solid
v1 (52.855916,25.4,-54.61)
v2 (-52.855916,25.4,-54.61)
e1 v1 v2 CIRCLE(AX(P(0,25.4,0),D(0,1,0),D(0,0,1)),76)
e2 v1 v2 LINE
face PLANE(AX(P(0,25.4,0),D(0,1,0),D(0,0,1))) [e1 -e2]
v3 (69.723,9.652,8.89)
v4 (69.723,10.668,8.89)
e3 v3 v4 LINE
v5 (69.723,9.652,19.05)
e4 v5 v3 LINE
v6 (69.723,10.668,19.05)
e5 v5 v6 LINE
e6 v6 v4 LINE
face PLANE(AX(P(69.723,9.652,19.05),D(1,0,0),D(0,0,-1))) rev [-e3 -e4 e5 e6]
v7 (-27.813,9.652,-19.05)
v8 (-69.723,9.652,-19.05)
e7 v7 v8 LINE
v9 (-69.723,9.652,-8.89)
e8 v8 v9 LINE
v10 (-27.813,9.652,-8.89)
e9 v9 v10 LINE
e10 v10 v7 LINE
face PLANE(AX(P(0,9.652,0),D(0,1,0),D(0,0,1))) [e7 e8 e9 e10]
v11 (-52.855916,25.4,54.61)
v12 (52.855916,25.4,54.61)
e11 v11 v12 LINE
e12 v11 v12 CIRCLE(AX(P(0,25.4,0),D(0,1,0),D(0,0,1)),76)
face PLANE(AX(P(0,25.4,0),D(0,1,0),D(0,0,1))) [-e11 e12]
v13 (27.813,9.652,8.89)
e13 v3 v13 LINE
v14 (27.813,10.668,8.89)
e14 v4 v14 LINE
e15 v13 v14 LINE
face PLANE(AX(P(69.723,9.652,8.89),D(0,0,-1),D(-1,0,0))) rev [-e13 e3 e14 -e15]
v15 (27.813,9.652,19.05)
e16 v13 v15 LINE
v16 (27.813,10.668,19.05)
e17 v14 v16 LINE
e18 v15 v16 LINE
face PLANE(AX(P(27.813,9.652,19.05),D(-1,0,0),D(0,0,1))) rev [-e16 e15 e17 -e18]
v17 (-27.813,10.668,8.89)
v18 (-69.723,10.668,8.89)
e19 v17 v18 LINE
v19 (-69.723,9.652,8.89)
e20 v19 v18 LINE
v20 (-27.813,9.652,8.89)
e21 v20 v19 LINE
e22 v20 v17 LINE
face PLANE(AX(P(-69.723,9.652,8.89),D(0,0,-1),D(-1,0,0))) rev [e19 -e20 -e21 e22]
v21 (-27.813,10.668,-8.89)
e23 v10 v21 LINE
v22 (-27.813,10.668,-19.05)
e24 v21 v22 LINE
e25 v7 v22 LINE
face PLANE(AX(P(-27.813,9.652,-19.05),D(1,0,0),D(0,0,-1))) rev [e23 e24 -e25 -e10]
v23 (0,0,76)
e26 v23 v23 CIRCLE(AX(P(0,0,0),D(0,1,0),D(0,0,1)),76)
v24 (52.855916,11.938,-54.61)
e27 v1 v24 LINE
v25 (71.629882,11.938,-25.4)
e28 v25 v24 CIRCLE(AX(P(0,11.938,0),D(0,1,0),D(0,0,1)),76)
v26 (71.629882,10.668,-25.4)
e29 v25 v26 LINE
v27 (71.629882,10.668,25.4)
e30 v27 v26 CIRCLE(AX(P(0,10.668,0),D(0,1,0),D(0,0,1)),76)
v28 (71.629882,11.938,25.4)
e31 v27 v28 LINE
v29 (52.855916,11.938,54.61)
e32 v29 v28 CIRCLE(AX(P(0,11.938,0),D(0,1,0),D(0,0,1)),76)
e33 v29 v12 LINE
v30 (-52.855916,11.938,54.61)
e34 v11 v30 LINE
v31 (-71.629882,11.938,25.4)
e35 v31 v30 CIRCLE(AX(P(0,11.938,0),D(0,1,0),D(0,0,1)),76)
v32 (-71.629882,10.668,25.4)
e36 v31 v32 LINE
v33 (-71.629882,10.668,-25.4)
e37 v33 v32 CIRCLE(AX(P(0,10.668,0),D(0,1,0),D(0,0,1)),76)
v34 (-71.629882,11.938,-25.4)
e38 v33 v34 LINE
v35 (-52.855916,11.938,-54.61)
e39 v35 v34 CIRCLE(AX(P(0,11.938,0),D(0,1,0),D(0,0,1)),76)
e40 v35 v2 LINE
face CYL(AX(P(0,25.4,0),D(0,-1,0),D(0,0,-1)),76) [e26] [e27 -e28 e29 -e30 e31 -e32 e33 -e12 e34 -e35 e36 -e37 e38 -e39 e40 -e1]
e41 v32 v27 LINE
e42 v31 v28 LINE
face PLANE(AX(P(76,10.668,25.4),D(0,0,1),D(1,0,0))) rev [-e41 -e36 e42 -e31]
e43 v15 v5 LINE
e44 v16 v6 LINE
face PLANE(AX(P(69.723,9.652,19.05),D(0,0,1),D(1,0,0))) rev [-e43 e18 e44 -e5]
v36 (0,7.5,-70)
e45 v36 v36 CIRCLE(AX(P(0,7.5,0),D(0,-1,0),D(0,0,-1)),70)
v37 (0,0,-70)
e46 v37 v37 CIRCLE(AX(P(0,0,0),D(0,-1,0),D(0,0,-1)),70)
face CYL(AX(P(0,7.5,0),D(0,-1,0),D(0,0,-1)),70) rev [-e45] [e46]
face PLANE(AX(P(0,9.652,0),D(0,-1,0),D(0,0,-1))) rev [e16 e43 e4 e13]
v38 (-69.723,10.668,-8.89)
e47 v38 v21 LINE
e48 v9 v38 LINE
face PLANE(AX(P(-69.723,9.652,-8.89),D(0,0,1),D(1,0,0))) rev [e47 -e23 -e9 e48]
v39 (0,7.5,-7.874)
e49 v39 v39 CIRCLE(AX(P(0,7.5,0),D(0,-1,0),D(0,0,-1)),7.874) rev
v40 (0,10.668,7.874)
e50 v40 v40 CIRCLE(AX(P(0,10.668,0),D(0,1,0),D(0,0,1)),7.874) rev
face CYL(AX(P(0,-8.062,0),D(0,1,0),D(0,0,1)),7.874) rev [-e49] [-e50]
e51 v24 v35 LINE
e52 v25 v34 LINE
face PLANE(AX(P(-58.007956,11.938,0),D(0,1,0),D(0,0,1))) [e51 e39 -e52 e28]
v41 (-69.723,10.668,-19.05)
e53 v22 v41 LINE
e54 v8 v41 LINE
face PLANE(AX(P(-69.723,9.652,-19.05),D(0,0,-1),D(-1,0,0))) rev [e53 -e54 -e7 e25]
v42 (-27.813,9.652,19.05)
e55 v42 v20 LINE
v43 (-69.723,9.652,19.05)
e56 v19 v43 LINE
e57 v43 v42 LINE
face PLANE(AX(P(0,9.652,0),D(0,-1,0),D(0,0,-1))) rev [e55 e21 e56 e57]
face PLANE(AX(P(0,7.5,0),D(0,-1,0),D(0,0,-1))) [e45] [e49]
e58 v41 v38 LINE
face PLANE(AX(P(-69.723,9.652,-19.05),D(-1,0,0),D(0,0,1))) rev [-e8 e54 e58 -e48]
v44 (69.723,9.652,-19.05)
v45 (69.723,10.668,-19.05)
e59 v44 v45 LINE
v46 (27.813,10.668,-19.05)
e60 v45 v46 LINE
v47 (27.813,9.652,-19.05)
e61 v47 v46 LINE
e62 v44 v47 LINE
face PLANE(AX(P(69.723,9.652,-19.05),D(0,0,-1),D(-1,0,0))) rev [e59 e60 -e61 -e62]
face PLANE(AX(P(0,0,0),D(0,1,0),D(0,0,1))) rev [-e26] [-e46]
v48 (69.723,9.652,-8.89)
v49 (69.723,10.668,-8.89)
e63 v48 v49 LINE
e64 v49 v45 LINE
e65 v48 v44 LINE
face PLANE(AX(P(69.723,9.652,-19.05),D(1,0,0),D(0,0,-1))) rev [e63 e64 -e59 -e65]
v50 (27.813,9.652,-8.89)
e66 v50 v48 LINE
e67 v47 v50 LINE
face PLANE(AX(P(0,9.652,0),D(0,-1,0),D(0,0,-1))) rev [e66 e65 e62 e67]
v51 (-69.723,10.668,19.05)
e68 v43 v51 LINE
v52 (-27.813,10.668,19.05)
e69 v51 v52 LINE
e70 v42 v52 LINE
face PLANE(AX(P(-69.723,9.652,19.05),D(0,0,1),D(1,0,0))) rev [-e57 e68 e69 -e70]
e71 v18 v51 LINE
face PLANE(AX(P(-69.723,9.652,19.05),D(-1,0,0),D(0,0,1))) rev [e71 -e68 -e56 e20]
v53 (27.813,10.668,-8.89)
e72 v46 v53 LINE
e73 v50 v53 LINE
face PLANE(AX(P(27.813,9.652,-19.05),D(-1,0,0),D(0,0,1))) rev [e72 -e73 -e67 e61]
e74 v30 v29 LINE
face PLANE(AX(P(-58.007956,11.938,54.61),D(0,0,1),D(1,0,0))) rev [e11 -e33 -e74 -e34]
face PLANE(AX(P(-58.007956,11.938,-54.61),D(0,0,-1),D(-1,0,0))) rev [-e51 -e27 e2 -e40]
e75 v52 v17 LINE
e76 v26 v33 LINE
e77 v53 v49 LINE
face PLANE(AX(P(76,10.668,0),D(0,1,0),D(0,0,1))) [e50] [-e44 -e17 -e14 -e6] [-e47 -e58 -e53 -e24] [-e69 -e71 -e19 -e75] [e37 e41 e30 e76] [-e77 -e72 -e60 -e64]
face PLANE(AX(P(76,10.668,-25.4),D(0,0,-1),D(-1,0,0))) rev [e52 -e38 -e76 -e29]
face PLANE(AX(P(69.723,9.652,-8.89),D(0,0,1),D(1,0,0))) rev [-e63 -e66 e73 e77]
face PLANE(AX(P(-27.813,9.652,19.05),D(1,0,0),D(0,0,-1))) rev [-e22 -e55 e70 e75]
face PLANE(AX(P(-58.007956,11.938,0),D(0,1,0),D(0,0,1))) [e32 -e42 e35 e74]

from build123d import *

# Parameters (mm, degrees)
SKETCH1_R           = 76
BOSS_EXTRUDE1_DEPTH = 25.4
CUT_EXTRUDE4_DEPTH  = 13.462
SKETCH5_R           = 7.874
CUT_EXTRUDE5_DEPTH  = 20
SKETCH13_R          = 70
CUT_EXTRUDE9_DEPTH  = 7.5
CUT_EXTRUDE11_DEPTH = 1.27
SKETCH16_W          = 41.91
SKETCH16_H          = 10.16
CUT_EXTRUDE12_DEPTH = 1.016


with BuildPart() as part:
    # Sketch1 → Boss-Extrude1 (new body)
    with BuildSketch(Plane(origin=(0, 0, 0), x_dir=(1, 0, 0), z_dir=(0, 1, 0))):
        Circle(SKETCH1_R)
    extrude(amount=BOSS_EXTRUDE1_DEPTH)

    # Sketch2 → Cut-Extrude4 (cut)
    with BuildSketch(Plane(origin=(0, 25.4, 0), x_dir=(1, 0, 0), z_dir=(0, 1, 0))):
        with BuildLine():
            Line((-58.007955522, 54.61), (58.007955522, 54.61))
            ThreePointArc((58.007955522, 54.61), (112.617955522, 0), (58.007955522, -54.61))
            Line((58.007955522, -54.61), (-58.007955522, -54.61))
            ThreePointArc((-58.007955522, -54.61), (-112.617955522, 0), (-58.007955522, 54.61))
        make_face()
    extrude(amount=-CUT_EXTRUDE4_DEPTH, mode=Mode.SUBTRACT)

    # Sketch5 → Cut-Extrude5 (cut)
    with BuildSketch(Plane(origin=(0, 11.938, 0), x_dir=(1, 0, 0), z_dir=(0, 1, 0))):
        Circle(SKETCH5_R)
    extrude(amount=-CUT_EXTRUDE5_DEPTH, mode=Mode.SUBTRACT)

    # Sketch13 → Cut-Extrude9 (cut)
    with BuildSketch(Plane(origin=(0, 0, 0), x_dir=(-1, 0, 0), z_dir=(0, -1, 0))):
        Circle(SKETCH13_R)
    extrude(amount=-CUT_EXTRUDE9_DEPTH, mode=Mode.SUBTRACT)

    # Sketch15 → Cut-Extrude11 (cut)
    with BuildSketch(Plane(origin=(0, 11.938, 0), x_dir=(1, 0, 0), z_dir=(0, 1, 0))):
        with BuildLine():
            Line((76, -25.4), (-76, -25.4))
            ThreePointArc((-76, -25.4), (-101.4, 0), (-76, 25.4))
            Line((-76, 25.4), (76, 25.4))
            ThreePointArc((76, 25.4), (101.4, 0), (76, -25.4))
        make_face()
    extrude(amount=-CUT_EXTRUDE11_DEPTH, mode=Mode.SUBTRACT)

    # Sketch16 → Cut-Extrude12 (cut)
    with BuildSketch(Plane(origin=(0, 10.668, 0), x_dir=(1, 0, 0), z_dir=(0, 1, 0))):
        with Locations((-48.768, -13.97)):
            Rectangle(SKETCH16_W, SKETCH16_H)
        with Locations((-48.768, 13.97)):
            Rectangle(SKETCH16_W, SKETCH16_H)
        with Locations((48.768, -13.97)):
            Rectangle(SKETCH16_W, SKETCH16_H)
        with Locations((48.768, 13.97)):
            Rectangle(SKETCH16_W, SKETCH16_H)
    extrude(amount=-CUT_EXTRUDE12_DEPTH, mode=Mode.SUBTRACT)


solid = part.part
